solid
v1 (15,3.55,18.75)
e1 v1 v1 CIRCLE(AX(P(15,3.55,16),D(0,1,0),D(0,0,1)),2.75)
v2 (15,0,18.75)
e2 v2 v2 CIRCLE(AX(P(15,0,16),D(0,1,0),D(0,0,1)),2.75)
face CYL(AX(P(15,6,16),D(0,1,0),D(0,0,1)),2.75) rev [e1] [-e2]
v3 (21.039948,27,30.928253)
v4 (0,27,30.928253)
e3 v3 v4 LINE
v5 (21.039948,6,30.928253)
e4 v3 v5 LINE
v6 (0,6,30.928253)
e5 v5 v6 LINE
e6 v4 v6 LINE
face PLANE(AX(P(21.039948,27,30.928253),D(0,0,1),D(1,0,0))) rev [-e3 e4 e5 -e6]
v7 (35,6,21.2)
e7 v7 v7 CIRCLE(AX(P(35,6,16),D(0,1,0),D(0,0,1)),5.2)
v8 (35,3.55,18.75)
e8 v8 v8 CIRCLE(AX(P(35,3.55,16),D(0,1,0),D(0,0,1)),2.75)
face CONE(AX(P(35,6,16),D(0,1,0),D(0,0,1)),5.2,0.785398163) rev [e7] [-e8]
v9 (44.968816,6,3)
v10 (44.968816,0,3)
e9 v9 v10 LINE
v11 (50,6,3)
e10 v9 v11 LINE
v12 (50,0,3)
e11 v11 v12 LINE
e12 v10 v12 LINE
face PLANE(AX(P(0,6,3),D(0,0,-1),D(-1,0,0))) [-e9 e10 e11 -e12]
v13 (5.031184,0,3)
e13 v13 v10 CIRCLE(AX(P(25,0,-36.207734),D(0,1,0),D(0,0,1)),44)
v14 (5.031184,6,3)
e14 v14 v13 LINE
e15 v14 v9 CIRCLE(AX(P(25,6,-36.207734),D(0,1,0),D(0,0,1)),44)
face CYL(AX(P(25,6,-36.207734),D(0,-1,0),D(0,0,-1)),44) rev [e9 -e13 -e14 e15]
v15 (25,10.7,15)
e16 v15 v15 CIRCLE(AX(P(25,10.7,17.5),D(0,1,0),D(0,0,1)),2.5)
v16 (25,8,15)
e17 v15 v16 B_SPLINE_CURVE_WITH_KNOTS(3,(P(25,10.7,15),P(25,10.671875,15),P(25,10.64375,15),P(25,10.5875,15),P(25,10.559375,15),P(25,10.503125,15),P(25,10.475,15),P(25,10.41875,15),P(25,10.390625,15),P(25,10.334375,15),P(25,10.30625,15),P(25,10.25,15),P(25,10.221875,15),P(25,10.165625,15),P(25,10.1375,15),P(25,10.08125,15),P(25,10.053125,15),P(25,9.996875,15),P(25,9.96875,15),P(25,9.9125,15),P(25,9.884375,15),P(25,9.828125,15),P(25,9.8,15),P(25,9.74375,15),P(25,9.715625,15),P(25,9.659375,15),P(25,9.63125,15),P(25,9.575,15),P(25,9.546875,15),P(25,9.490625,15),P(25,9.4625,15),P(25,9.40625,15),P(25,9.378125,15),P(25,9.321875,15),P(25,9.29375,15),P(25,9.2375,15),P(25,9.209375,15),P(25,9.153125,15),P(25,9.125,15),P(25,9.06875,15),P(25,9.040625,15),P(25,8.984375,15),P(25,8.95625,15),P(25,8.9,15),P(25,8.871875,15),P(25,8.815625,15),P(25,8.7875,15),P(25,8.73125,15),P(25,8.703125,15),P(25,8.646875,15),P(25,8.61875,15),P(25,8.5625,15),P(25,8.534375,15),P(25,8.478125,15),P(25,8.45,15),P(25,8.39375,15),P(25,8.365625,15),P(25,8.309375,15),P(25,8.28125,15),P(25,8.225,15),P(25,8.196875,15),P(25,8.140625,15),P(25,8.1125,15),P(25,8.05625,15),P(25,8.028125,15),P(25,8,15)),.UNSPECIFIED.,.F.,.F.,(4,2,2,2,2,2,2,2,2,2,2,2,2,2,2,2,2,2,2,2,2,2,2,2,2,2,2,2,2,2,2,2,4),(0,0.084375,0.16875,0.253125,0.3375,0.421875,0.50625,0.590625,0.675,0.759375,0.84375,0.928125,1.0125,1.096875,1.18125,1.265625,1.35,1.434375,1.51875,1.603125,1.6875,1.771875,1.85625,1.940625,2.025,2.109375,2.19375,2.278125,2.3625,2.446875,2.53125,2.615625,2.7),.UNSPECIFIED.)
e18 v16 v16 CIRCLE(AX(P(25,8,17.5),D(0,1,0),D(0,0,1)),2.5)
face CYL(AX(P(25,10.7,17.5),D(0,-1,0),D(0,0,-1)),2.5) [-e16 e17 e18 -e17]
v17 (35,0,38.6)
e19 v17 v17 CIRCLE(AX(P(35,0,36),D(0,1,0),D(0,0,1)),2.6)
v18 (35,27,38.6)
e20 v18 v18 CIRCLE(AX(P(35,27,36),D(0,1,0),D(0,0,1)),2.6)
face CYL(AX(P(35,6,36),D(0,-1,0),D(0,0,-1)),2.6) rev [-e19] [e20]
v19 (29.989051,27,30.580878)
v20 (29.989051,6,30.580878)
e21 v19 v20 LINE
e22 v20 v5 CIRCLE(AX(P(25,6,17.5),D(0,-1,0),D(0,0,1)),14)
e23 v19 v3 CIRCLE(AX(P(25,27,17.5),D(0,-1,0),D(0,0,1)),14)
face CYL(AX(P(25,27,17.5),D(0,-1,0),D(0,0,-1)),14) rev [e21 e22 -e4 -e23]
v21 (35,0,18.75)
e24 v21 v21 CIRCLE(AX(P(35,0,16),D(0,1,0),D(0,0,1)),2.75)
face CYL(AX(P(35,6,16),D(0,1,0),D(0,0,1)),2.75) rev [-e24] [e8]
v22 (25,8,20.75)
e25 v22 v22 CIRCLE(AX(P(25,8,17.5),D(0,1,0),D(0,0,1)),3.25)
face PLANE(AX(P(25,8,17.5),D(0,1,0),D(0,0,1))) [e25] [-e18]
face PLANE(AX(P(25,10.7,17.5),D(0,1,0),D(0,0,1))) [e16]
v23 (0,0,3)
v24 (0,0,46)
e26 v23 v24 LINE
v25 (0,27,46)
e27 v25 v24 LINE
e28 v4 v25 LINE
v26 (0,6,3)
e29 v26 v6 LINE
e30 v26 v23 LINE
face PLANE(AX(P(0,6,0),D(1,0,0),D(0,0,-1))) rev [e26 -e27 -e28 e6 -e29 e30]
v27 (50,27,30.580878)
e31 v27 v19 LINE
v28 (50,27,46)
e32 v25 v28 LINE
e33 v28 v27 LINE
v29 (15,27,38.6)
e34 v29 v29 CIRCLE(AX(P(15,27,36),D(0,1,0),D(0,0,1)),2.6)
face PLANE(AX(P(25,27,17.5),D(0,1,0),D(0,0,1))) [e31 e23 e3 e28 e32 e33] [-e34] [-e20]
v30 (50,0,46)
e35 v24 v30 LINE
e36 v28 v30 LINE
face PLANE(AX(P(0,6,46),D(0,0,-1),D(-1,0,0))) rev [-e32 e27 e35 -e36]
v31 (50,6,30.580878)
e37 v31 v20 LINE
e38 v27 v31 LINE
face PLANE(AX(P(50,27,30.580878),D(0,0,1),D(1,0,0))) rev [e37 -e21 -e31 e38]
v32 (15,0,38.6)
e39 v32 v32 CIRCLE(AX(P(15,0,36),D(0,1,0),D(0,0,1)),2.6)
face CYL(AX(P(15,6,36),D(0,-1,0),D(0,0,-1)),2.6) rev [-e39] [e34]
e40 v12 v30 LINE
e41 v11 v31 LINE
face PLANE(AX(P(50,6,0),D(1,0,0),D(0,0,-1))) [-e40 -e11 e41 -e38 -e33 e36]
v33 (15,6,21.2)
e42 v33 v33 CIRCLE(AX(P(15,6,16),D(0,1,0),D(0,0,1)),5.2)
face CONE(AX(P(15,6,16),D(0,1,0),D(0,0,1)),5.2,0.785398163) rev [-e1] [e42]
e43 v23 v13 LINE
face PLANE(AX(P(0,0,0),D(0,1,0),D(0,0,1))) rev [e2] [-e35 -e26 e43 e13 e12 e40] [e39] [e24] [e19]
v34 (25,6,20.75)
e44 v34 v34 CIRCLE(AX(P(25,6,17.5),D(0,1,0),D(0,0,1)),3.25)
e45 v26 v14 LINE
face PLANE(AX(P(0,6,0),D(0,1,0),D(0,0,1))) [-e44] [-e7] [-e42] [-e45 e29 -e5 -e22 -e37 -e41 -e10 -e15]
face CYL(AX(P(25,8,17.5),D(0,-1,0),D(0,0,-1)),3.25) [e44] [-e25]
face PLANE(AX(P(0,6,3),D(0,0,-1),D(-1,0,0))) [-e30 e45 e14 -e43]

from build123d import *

# Parameters (mm, degrees)
SKETCH1_R                                       = 2.6
BOSS_EXTRUDE1_DEPTH                             = 6
SKETCH2_R                                       = 3.25
BOSS_EXTRUDE2_DEPTH                             = 2
SKETCH3_R                                       = 2.5
BOSS_EXTRUDE3_DEPTH                             = 2.7
CSK_FOR_M5_FLAT_HEAD_MACHINE_SCREW1_D           = 5.5
CSK_FOR_M5_FLAT_HEAD_MACHINE_SCREW1_CSINK_D     = 10.4
CSK_FOR_M5_FLAT_HEAD_MACHINE_SCREW1_CSINK_ANGLE = 90
SKETCH7_R                                       = 2.6
BOSS_EXTRUDE5_DEPTH                             = 21


with BuildPart() as part:
    # Sketch1 → Boss-Extrude1 (new body)
    with BuildSketch(Plane(origin=(0, 0, 0), x_dir=(1, 0, 0), z_dir=(0, 1, 0))):
        with BuildLine():
            Line((5.031184409, -3), (0, -3))
            Line((0, -3), (0, -46))
            Line((0, -46), (50, -46))
            Line((50, -46), (50, -3))
            Line((50, -3), (44.968815591, -3))
            ThreePointArc((44.968815591, -3), (25, -7.79226602), (5.031184409, -3))
        make_face()
        with Locations(Location((15, -36, 0), (0, 0, 270))):
            Circle(SKETCH1_R, mode=Mode.SUBTRACT)
        with Locations(Location((35, -36, 0), (0, 0, 270))):
            Circle(SKETCH1_R, mode=Mode.SUBTRACT)
        with Locations(Location((15, -16, 0), (0, 0, 270))):
            Circle(SKETCH1_R, mode=Mode.SUBTRACT)
        with Locations(Location((35, -16, 0), (0, 0, 270))):
            Circle(SKETCH1_R, mode=Mode.SUBTRACT)
    extrude(amount=BOSS_EXTRUDE1_DEPTH)

    # Sketch2 → Boss-Extrude2 (add)
    with BuildSketch(Plane(origin=(0, 6, 0), x_dir=(1, 0, 0), z_dir=(0, 1, 0))):
        with Locations(Location((25, -17.5, 0), (0, 0, 270))):
            Circle(SKETCH2_R)
    extrude(amount=BOSS_EXTRUDE2_DEPTH)

    # Sketch3 → Boss-Extrude3 (add)
    with BuildSketch(Plane(origin=(0, 8, 0), x_dir=(1, 0, 0), z_dir=(0, 1, 0))):
        with Locations(Location((25, -17.5, 0), (0, 0, 90))):
            Circle(SKETCH3_R)
    extrude(amount=BOSS_EXTRUDE3_DEPTH)

    # CSK for M5 Flat Head Machine Screw1 (through all)
    with Locations(Plane(origin=(0, 6, 0), x_dir=(1, 0, 0), z_dir=(0, 1, 0))):
        with Locations((15, -16), (35, -16)):
            CounterSinkHole(CSK_FOR_M5_FLAT_HEAD_MACHINE_SCREW1_D / 2, CSK_FOR_M5_FLAT_HEAD_MACHINE_SCREW1_CSINK_D / 2, counter_sink_angle=CSK_FOR_M5_FLAT_HEAD_MACHINE_SCREW1_CSINK_ANGLE)

    # Sketch7 → Boss-Extrude5 (add)
    with BuildSketch(Plane(origin=(0, 6, 0), x_dir=(1, 0, 0), z_dir=(0, 1, 0))):
        with BuildLine():
            Line((21.039948447, -30.928253487), (0, -30.928253487))
            Line((0, -30.928253487), (0, -46))
            Line((0, -46), (50, -46))
            Line((50, -46), (50, -30.580877922))
            Line((50, -30.580877922), (29.989051292, -30.580877922))
            ThreePointArc((29.989051292, -30.580877922), (25.543026299, -31.489464694), (21.039948447, -30.928253487))
        make_face()
        with Locations(Location((15, -36, 0), (0, 0, 270))):
            Circle(SKETCH7_R, mode=Mode.SUBTRACT)
        with Locations(Location((35, -36, 0), (0, 0, 270))):
            Circle(SKETCH7_R, mode=Mode.SUBTRACT)
    extrude(amount=BOSS_EXTRUDE5_DEPTH)


solid = part.part
